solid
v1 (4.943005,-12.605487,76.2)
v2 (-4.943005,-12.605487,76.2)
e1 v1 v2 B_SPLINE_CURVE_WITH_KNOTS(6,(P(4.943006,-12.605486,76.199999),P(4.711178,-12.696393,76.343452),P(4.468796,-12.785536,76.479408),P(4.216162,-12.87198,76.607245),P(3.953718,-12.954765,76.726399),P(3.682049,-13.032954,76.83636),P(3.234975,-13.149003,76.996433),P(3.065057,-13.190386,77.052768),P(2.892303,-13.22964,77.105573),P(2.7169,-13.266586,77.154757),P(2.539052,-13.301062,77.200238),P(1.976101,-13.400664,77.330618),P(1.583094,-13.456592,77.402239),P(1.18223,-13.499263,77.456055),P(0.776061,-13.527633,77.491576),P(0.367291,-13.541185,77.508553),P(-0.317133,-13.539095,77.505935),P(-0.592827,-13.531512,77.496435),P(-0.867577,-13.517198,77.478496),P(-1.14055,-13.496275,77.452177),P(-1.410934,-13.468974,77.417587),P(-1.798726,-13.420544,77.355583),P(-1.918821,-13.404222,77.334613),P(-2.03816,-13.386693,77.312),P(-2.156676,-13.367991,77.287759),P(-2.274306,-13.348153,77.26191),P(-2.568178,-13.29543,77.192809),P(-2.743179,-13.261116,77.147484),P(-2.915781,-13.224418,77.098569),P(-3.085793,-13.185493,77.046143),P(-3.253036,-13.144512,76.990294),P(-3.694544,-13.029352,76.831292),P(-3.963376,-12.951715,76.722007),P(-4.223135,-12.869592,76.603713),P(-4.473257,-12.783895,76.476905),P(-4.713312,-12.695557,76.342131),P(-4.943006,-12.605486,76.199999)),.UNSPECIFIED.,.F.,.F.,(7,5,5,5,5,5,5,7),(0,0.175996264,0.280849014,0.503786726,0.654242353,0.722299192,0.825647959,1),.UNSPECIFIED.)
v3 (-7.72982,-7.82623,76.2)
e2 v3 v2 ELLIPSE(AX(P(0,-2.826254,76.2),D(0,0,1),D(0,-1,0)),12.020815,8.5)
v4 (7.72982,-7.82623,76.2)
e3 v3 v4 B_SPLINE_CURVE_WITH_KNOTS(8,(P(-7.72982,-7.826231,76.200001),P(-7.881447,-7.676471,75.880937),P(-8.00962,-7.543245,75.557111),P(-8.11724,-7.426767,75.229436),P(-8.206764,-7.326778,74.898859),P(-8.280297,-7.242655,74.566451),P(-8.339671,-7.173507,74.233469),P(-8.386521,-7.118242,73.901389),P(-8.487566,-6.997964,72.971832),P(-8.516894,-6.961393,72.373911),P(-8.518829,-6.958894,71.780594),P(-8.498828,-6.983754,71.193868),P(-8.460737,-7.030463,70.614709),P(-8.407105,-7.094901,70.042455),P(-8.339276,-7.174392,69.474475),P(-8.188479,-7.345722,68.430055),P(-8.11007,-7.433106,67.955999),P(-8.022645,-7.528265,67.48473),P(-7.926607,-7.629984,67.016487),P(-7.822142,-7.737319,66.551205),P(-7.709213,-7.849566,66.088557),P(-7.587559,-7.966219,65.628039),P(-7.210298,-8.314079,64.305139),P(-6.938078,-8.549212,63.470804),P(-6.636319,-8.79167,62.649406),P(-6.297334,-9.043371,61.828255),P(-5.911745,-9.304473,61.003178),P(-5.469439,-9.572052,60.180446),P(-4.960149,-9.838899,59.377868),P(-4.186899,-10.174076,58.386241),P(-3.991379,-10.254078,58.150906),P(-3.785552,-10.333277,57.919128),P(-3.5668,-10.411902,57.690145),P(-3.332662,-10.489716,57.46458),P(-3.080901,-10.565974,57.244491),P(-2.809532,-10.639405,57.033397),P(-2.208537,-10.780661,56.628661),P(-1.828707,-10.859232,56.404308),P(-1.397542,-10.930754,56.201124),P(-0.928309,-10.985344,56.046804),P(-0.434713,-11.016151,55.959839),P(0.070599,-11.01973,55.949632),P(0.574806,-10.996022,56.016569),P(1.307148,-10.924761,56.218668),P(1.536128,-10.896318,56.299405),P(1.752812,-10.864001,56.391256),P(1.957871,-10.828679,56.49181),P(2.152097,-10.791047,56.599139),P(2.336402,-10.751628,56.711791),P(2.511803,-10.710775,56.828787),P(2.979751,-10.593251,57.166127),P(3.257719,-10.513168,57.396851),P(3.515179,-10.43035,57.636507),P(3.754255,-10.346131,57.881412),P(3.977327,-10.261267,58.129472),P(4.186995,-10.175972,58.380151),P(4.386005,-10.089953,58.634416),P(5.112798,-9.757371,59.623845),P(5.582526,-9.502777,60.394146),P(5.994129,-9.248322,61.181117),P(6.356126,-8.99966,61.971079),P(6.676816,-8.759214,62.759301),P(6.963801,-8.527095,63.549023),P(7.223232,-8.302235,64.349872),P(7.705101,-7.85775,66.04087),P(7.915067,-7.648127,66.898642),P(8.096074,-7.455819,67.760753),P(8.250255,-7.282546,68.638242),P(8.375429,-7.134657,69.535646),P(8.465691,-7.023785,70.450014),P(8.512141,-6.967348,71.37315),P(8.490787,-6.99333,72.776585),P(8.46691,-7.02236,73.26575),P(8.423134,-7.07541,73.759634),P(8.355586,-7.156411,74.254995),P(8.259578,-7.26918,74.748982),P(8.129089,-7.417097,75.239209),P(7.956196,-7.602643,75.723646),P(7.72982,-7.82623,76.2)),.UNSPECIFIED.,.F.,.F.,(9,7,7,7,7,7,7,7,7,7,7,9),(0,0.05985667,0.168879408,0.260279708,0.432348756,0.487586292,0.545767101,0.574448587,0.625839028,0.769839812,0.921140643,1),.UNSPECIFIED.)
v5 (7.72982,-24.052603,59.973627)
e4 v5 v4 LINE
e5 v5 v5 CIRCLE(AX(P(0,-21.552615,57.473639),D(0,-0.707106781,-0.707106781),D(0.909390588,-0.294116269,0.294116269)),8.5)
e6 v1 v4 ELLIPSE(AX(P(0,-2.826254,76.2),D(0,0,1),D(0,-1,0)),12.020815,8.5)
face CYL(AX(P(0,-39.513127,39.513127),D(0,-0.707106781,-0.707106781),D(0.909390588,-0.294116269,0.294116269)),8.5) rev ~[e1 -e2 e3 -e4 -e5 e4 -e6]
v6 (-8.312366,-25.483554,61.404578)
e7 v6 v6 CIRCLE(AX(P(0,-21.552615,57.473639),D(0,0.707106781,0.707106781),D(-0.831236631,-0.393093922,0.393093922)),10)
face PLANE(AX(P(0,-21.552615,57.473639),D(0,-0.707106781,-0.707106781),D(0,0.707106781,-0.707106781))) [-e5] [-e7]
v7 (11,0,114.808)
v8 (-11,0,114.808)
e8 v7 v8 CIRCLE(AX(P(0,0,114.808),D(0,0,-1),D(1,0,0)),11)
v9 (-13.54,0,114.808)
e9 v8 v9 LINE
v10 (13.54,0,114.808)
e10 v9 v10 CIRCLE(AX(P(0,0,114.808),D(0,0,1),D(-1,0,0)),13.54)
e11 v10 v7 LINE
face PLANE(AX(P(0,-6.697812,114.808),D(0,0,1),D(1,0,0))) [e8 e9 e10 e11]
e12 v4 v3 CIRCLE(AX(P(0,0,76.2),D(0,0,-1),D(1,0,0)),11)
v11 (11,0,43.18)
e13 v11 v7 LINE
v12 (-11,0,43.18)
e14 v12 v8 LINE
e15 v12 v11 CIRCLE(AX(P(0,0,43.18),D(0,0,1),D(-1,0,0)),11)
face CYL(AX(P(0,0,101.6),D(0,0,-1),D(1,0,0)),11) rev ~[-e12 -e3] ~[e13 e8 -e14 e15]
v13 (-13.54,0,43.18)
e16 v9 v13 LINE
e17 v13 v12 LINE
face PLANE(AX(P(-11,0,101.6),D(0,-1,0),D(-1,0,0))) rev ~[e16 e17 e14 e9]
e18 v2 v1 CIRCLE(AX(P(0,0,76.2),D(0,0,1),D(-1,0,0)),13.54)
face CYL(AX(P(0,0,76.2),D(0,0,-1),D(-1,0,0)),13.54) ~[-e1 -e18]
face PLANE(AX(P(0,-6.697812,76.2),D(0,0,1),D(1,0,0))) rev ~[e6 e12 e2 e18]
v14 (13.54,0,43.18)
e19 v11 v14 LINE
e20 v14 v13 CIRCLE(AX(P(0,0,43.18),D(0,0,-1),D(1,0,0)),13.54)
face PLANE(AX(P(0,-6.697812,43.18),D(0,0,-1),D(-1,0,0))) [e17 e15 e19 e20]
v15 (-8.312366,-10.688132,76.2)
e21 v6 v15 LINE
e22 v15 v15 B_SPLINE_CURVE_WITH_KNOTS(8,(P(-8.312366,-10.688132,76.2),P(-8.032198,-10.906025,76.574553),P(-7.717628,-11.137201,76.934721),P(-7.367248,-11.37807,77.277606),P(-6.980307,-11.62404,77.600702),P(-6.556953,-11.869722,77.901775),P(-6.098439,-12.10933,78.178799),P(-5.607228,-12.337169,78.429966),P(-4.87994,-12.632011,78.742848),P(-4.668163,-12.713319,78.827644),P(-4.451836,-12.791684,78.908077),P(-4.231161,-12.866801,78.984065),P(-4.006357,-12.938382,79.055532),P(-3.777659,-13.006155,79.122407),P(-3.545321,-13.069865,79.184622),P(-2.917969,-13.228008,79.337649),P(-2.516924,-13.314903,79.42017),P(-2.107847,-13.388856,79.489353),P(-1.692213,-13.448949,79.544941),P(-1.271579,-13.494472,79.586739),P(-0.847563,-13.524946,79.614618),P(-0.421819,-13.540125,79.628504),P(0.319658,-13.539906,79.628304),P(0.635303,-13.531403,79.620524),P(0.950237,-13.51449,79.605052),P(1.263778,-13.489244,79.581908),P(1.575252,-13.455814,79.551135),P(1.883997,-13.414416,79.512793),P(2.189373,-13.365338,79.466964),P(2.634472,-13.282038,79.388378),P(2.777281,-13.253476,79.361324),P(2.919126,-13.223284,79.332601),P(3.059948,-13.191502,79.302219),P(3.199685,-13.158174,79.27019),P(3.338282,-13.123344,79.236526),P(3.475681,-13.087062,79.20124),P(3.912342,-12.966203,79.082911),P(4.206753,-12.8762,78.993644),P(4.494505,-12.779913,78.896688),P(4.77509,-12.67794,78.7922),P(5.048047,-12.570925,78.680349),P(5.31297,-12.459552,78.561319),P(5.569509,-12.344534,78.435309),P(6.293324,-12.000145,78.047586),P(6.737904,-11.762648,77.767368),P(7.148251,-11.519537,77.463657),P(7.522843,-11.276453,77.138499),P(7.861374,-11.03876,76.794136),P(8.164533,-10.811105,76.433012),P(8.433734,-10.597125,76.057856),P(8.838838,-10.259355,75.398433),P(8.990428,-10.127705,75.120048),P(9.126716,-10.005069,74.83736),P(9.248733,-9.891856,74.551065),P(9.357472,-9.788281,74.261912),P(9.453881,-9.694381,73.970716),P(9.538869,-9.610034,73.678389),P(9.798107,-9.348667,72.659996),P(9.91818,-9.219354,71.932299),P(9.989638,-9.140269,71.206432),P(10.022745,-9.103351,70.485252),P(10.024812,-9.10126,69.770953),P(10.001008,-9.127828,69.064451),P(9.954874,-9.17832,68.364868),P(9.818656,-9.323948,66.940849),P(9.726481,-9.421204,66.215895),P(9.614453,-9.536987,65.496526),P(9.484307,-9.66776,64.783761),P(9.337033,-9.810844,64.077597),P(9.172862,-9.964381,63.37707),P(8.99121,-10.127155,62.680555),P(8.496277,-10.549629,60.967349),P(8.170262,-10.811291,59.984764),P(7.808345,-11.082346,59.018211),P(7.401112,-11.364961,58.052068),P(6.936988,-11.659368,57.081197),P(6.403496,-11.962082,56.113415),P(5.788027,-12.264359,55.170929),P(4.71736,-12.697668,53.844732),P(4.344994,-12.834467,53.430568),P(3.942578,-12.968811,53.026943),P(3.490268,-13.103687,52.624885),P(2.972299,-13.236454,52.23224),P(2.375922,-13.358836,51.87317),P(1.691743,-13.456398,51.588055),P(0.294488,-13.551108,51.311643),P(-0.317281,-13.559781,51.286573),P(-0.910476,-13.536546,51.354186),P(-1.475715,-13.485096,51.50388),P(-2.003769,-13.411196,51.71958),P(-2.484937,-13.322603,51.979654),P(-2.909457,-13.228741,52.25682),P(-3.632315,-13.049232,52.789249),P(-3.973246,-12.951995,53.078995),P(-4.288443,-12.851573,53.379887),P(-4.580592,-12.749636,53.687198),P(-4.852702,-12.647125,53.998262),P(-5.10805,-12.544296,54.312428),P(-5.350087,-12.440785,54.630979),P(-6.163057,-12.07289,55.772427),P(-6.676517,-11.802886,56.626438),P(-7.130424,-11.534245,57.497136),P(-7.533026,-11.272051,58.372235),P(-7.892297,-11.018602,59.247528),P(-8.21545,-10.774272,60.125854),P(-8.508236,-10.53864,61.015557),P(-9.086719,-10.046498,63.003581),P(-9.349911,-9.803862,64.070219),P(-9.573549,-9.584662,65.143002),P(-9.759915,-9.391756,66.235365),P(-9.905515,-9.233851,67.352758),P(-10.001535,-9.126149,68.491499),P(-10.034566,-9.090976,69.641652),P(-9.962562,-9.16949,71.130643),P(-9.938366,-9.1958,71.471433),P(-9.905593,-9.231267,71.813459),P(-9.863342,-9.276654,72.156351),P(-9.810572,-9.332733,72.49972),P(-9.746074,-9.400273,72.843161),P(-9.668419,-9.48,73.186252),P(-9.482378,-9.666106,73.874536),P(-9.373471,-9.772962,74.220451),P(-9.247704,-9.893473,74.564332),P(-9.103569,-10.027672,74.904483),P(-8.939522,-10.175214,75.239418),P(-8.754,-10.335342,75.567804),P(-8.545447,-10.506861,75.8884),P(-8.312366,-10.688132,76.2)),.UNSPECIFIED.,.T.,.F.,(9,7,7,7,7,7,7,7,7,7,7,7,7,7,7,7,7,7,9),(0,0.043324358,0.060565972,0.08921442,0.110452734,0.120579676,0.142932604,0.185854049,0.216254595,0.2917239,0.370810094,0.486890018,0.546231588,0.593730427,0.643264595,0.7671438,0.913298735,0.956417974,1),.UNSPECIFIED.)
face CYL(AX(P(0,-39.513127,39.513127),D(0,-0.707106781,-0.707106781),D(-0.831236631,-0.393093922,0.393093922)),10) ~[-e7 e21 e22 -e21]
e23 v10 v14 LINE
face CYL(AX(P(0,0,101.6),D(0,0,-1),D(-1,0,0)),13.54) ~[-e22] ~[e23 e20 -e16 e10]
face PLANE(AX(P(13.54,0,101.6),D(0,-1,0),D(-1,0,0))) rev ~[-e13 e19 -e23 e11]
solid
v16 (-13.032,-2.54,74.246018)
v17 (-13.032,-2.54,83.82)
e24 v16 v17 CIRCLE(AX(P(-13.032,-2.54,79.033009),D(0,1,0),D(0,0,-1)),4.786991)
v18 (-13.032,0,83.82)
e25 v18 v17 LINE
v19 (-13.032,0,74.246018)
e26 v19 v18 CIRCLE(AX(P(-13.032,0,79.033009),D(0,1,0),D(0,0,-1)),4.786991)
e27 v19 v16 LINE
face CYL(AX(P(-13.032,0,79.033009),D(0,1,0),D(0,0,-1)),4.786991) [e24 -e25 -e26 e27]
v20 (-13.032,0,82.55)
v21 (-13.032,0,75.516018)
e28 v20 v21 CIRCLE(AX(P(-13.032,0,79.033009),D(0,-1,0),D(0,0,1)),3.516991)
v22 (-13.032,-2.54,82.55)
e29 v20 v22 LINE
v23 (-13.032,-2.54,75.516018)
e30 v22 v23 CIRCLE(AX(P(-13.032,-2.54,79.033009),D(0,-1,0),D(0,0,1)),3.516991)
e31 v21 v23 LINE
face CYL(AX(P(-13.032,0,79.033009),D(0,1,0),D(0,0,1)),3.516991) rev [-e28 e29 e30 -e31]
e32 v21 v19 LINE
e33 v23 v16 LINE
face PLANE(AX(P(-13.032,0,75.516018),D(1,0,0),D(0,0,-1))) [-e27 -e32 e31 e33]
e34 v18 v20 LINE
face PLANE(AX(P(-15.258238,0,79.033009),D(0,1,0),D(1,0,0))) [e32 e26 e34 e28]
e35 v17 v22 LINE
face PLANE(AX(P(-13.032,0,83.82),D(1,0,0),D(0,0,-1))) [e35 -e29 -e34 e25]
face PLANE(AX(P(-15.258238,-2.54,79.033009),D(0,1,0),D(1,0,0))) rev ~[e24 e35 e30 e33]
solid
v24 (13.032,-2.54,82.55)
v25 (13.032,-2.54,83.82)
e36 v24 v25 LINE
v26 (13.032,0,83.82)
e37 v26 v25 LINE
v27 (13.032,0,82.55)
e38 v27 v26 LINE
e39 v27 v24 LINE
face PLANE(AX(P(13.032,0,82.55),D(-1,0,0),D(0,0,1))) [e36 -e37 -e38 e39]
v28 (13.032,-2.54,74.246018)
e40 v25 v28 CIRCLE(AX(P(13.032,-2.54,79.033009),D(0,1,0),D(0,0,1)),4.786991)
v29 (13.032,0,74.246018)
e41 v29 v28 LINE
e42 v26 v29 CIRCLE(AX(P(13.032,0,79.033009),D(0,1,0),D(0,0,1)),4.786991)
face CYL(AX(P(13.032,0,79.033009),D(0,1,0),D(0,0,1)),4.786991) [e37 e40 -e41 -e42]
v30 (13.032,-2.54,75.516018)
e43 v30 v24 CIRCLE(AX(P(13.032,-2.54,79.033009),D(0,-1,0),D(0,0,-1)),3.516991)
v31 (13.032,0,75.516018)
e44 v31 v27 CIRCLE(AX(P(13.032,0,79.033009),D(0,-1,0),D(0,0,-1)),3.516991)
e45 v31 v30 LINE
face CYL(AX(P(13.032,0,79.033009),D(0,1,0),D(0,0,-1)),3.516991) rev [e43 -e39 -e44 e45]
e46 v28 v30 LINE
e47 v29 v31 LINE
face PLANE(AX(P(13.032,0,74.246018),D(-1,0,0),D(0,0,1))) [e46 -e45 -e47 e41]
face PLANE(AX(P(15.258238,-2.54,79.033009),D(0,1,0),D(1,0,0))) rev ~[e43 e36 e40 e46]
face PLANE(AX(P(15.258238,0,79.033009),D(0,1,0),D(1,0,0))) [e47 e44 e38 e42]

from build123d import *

# Parameters (mm, degrees)
BOSS_EXTRUDE1_DEPTH      = 76.2
BOSS_EXTRUDE4_REACH      = 80.569
BOSS_EXTRUDE4_END_RADIUS = 13.54
SKETCH4_R                = 10
SKETCH9_R                = 8.5
CUT_EXTRUDE4_DEPTH       = 94.242153775
CUT_EXTRUDE4_DEPTH_BACK  = 94.242153775
CUT_EXTRUDE5_DEPTH       = 43.18
BOSS_EXTRUDE5_DEPTH      = 25.4
BOSS_EXTRUDE6_DEPTH      = 2.54
BOSS_EXTRUDE6_2_DEPTH    = 2.54
SKETCH14_R               = 10
CUT_EXTRUDE6_DEPTH       = 25.4
BOSS_EXTRUDE7_DEPTH      = 13.208


with BuildPart() as part:
    # Sketch2 → Boss-Extrude1 (new body)
    with BuildSketch(Plane.XY):
        with BuildLine():
            Line((13.54, 0), (11, 0))
            ThreePointArc((11, 0), (0, -11), (-11, 0))
            Line((-11, 0), (-13.54, 0))
            ThreePointArc((-13.54, 0), (0, -13.54), (13.54, 0))
        make_face()
    extrude(amount=BOSS_EXTRUDE1_DEPTH)

    # Boss-Extrude4: up to this cylinder (the profile starts outside it)
    boss_extrude4_end = Plane(origin=(0, 0, 39.513127), z_dir=(0, 0, -1)) * Cylinder(BOSS_EXTRUDE4_END_RADIUS, 189.218, mode=Mode.PRIVATE)
    # Sketch4 → Boss-Extrude4 (add, up to the surface)
    with BuildSketch(Plane(origin=(0, 0, 0), x_dir=(-1, 0, 0), z_dir=(0, 0.7071067811865561, 0.7071067811865389)), mode=Mode.PRIVATE) as boss_extrude4_sk1:
        with Locations(Location((0, 55.88, 0), (0, 0, 33.774019763))):
            Circle(SKETCH4_R)
    boss_extrude4_tool1 = extrude(boss_extrude4_sk1.sketch, amount=BOSS_EXTRUDE4_REACH, mode=Mode.PRIVATE) - boss_extrude4_end
    add(boss_extrude4_tool1.solids().sort_by_distance((0, -39.513127, 39.513127))[0])

    # Sketch9 → Cut-Extrude4 (cut, two sides)
    with BuildSketch(Plane(origin=(0, 0, 0), x_dir=(-1, 0, 0), z_dir=(0, -0.7071067811865562, -0.7071067811865389))) as cut_extrude4_sk:
        with Locations(Location((0, -55.88, 0), (0, 0, 204.578729369))):
            Circle(SKETCH9_R)
    extrude(amount=CUT_EXTRUDE4_DEPTH, mode=Mode.SUBTRACT)
    extrude(cut_extrude4_sk.sketch, amount=-CUT_EXTRUDE4_DEPTH_BACK, mode=Mode.SUBTRACT)

    # Sketch10 → Cut-Extrude5 (cut)
    with BuildSketch(Plane(origin=(0, 0, 0), x_dir=(-1, 0, 0), z_dir=(0, 0, -1))):
        with BuildLine():
            Line((13.54, 0), (11, 0))
            ThreePointArc((11, 0), (0, -11), (-11, 0))
            Line((-11, 0), (-13.54, 0))
            ThreePointArc((-13.54, 0), (0, -13.54), (13.54, 0))
        make_face()
    extrude(amount=-CUT_EXTRUDE5_DEPTH, mode=Mode.SUBTRACT)

    # Sketch11 → Boss-Extrude5 (add)
    with BuildSketch(Plane.XY.offset(76.2)):
        with BuildLine():
            Line((13.54, 0), (11, 0))
            ThreePointArc((11, 0), (0, -11), (-11, 0))
            Line((-11, 0), (-13.54, 0))
            ThreePointArc((-13.54, 0), (0, -13.54), (13.54, 0))
        make_face()
    extrude(amount=BOSS_EXTRUDE5_DEPTH)

    # Sketch14 → Cut-Extrude6 (cut)
    with BuildSketch(Plane(origin=(0, 0, 0), x_dir=(1, 0, 0), z_dir=(0, -0.7071067811865562, -0.7071067811865389))):
        with Locations(Location((0, 55.88, 0), (0, 0, 270))):
            Circle(SKETCH14_R)
    extrude(amount=-CUT_EXTRUDE6_DEPTH, mode=Mode.SUBTRACT)

    # Sketch15 → Boss-Extrude7 (add)
    with BuildSketch(Plane.XY.offset(101.6)):
        with BuildLine():
            Line((13.54, 0), (11, 0))
            ThreePointArc((11, 0), (0, -11), (-11, 0))
            Line((-11, 0), (-13.54, 0))
            ThreePointArc((-13.54, 0), (0, -13.54), (13.54, 0))
        make_face()
    extrude(amount=BOSS_EXTRUDE7_DEPTH)


with BuildPart() as body_2:
    # Sketch12 → Boss-Extrude6 (new body)
    with BuildSketch(Plane(origin=(0, 0, 0), x_dir=(1, 0, 0), z_dir=(0, 1, 0))):
        with BuildLine():
            Line((-13.032, -83.82), (-13.032, -82.55))
            ThreePointArc((-13.032, -82.55), (-16.54899091, -79.03300909), (-13.032, -75.51601818))
            Line((-13.032, -75.51601818), (-13.032, -74.24601818))
            ThreePointArc((-13.032, -74.24601818), (-17.81899091, -79.03300909), (-13.032, -83.82))
        make_face()
    extrude(amount=-BOSS_EXTRUDE6_DEPTH)


with BuildPart() as body_3:
    # Sketch12 → Boss-Extrude6 2 (new body)
    with BuildSketch(Plane(origin=(0, 0, 0), x_dir=(1, 0, 0), z_dir=(0, 1, 0))):
        with BuildLine():
            Line((13.032, -74.24601818), (13.032, -75.51601818))
            ThreePointArc((13.032, -75.51601818), (16.54899091, -79.03300909), (13.032, -82.55))
            Line((13.032, -82.55), (13.032, -83.82))
            ThreePointArc((13.032, -83.82), (17.81899091, -79.03300909), (13.032, -74.24601818))
        make_face()
    extrude(amount=-BOSS_EXTRUDE6_2_DEPTH)


solid = Compound([part.part, body_2.part, body_3.part])
